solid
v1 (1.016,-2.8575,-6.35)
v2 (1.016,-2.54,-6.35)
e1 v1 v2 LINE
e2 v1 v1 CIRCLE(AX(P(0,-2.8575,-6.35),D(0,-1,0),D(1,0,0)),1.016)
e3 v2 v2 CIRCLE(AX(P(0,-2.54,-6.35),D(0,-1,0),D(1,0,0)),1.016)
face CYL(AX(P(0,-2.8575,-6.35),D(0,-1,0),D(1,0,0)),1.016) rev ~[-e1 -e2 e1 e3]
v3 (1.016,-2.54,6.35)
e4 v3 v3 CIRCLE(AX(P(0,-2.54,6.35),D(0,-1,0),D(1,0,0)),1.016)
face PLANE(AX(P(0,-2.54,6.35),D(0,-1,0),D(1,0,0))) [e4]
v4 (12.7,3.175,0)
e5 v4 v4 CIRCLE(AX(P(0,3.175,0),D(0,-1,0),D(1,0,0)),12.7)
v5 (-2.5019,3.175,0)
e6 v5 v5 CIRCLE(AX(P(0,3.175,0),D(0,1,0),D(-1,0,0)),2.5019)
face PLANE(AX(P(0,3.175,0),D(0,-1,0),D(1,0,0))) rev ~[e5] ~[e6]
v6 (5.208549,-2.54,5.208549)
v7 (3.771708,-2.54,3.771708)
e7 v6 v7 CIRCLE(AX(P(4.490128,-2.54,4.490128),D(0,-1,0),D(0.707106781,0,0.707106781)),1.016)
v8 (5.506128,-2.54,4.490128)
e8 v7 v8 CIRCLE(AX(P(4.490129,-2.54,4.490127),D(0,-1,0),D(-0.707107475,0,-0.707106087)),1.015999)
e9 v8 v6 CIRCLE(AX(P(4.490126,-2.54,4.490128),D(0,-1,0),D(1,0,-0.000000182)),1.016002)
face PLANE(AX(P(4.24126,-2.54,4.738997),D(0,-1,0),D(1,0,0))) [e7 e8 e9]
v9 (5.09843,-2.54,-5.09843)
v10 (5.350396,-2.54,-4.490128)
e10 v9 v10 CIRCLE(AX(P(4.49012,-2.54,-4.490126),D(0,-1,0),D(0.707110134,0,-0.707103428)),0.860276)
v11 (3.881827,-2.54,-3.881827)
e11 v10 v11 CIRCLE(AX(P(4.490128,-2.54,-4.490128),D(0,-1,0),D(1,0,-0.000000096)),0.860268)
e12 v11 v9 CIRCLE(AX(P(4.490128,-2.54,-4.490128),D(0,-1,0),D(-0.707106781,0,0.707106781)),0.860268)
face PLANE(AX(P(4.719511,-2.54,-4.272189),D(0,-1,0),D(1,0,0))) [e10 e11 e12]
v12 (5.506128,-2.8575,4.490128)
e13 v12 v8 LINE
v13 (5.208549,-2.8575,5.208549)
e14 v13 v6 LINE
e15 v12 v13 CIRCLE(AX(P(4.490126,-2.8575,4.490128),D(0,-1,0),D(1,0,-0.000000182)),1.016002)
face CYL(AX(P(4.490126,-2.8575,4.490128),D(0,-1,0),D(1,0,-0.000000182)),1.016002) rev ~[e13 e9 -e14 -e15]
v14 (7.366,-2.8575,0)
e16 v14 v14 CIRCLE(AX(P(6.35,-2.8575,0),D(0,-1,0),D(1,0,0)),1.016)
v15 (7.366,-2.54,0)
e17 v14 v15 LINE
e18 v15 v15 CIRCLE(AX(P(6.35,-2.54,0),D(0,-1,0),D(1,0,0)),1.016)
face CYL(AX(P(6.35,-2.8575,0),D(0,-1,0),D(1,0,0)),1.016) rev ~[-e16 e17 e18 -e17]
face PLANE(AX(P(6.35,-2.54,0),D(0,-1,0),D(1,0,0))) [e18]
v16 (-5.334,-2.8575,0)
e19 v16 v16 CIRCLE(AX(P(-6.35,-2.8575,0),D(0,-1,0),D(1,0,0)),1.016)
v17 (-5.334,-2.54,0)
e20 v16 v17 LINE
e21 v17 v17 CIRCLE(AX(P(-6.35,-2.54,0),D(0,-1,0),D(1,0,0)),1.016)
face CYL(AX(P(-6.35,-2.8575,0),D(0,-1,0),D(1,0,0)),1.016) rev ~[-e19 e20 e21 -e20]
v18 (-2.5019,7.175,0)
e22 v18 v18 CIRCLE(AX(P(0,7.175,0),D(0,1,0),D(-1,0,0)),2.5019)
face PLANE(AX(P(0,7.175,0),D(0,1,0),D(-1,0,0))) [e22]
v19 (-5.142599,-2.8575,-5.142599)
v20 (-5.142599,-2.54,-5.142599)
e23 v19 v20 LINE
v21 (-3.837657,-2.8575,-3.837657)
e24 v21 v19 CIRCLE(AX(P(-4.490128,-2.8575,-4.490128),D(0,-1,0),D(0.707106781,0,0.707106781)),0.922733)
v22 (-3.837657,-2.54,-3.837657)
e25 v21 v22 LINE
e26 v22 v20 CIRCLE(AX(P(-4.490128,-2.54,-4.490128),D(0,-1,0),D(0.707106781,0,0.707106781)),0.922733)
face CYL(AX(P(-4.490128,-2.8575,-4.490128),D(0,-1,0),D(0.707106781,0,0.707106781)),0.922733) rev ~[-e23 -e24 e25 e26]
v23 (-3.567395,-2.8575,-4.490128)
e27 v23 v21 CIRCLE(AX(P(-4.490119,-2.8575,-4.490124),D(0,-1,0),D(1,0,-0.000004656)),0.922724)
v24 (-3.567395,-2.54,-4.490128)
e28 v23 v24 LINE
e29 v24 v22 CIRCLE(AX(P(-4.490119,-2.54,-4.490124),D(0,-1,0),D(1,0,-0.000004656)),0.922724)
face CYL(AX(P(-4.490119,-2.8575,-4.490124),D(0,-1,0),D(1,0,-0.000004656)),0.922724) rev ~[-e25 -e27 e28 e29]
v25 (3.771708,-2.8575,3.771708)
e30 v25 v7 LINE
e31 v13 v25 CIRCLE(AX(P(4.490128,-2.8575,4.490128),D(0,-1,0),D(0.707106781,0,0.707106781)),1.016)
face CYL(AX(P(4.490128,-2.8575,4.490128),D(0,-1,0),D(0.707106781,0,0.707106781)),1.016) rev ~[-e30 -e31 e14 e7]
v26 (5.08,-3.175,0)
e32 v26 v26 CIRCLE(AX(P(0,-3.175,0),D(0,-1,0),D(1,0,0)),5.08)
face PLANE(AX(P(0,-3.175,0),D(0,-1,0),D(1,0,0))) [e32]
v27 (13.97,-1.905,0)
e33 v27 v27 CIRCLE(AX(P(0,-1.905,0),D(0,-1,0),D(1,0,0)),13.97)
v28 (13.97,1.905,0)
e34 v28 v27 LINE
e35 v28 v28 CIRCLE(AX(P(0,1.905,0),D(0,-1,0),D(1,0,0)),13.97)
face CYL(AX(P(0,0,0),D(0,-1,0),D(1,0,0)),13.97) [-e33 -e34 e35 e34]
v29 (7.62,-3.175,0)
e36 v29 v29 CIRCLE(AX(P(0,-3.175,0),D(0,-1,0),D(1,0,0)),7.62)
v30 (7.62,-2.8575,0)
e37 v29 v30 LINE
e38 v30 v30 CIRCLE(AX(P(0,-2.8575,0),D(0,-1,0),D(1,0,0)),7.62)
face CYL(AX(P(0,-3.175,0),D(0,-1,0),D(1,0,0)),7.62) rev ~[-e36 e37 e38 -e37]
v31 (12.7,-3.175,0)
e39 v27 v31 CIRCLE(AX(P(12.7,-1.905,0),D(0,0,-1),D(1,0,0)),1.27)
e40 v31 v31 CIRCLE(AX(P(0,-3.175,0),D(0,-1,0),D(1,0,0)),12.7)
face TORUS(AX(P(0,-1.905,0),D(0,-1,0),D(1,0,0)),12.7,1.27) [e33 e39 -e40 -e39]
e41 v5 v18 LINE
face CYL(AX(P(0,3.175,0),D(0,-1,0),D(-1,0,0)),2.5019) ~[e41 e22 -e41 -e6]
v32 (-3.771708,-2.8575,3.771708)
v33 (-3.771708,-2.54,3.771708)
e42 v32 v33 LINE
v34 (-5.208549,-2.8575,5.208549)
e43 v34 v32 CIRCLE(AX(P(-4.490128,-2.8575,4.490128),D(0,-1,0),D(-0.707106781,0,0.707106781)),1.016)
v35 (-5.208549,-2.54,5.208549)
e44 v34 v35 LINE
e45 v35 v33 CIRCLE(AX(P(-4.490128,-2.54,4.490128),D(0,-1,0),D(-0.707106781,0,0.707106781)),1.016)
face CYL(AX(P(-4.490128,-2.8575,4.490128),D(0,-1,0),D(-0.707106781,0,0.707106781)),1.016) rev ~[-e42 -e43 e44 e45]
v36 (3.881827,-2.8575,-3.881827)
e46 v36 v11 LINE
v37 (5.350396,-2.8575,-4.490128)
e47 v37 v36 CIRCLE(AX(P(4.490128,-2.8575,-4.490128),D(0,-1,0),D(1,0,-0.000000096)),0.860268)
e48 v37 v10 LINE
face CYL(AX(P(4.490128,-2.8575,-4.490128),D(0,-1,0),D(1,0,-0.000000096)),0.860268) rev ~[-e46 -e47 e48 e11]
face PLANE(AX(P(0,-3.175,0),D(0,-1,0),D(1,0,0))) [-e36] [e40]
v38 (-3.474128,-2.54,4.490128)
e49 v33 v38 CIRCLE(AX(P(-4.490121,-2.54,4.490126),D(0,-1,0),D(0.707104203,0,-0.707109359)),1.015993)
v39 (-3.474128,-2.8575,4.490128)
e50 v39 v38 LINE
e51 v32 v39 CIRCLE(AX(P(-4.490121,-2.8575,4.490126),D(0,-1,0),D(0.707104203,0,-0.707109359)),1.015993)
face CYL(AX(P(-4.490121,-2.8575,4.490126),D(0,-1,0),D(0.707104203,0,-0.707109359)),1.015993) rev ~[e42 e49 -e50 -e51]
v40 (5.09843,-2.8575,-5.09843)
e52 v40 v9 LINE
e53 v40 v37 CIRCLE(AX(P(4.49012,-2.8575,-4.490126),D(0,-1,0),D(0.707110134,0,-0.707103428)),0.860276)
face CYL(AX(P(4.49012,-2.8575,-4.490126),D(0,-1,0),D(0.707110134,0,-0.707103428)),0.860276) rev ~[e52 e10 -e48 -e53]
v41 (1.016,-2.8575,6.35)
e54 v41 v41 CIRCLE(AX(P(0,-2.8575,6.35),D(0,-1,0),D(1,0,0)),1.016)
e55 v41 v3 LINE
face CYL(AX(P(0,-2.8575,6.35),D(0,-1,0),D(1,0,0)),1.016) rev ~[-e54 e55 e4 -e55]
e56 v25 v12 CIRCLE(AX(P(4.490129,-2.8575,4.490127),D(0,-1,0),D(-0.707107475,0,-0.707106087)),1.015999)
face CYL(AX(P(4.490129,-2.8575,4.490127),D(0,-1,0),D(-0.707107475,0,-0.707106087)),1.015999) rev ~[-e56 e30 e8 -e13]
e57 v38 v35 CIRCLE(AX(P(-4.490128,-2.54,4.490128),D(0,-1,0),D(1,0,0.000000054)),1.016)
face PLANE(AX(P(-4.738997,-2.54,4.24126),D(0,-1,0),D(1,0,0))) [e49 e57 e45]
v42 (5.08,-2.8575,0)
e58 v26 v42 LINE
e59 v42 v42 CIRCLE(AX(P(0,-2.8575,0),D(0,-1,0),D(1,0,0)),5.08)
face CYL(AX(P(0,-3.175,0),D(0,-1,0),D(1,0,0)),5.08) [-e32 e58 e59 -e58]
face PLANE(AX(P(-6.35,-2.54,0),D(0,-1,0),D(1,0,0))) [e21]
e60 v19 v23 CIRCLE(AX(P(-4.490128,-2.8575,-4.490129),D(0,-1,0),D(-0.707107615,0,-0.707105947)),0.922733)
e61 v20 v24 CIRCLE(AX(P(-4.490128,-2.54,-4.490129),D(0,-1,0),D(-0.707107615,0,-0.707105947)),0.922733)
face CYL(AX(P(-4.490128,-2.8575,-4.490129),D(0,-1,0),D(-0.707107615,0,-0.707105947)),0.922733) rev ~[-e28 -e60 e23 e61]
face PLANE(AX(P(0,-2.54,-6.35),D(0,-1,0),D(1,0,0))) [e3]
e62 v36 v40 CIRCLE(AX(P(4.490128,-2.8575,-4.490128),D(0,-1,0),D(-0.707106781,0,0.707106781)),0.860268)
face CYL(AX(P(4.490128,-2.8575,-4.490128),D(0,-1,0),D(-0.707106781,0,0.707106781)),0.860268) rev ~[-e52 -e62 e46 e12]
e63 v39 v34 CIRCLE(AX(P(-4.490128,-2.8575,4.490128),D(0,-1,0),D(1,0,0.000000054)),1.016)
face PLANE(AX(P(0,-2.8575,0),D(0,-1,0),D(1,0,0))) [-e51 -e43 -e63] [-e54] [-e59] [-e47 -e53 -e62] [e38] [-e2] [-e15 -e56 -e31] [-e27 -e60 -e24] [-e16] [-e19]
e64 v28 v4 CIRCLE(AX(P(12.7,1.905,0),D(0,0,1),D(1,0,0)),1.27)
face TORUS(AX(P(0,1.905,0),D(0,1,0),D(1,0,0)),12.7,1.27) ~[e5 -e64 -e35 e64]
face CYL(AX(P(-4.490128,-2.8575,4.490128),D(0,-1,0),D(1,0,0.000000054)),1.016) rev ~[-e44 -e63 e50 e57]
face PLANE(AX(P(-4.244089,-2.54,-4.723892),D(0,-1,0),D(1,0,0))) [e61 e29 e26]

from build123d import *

# Parameters (mm, degrees)
F0_R     = 13.97
F1_DEPTH = 3.175
F2_R     = 1.27
F3_R     = 7.62
F3_R_2   = 5.08
F4_DEPTH = 0.3175
F5_R     = 2.5019
F6_DEPTH = 4
F7_R     = 1.016
F8_DEPTH = 0.3175


with BuildPart() as f1:
    # F0 (on Front) → F1 (new body, symmetric)
    with BuildSketch(Plane.XZ):
        Circle(F0_R)
    extrude(amount=F1_DEPTH, both=True)

    # F2
    f2_edges = [f1.edges().sort_by_distance(p)[0] for p in [
        (-13.97, -3.175, 0),
        (-13.97, 3.175, 0),
    ]]
    fillet(f2_edges, radius=F2_R)

    # F3 (on face) → F4 (cut)
    with BuildSketch(Plane.XZ.offset(3.175)):
        Circle(F3_R)
        Circle(F3_R_2, mode=Mode.SUBTRACT)
    extrude(amount=-F4_DEPTH, mode=Mode.SUBTRACT)

    # F5 (on face) → F6 (join)
    with BuildSketch(Plane(origin=(0, 3.175, 0), x_dir=(-1, 0, 0), z_dir=(0, 1, 0))):
        Circle(F5_R)
    extrude(amount=F6_DEPTH)

    # F7 (on face) → F8 (cut)
    with BuildSketch(Plane.XZ.offset(2.8575)):
        with Locations((0, 6.35)):
            Circle(F7_R)
        with Locations((0, -6.35)):
            Circle(F7_R)
        with Locations((-6.35, 0)):
            Circle(F7_R)
        with Locations((6.35, 0)):
            Circle(F7_R)
        with BuildLine():
            ThreePointArc((-5.208549, 5.208549), (-5.208549, 3.771708), (-3.771708, 3.771708))
            Line((-3.771708, 3.771708), (-5.208549, 5.208549))
        make_face()
        with BuildLine():
            Line((-5.208549, 5.208549), (-3.771708, 3.771708))
            ThreePointArc((-3.771708, 3.771708), (-3.551466, 4.101322), (-3.474128, 4.490128))
            ThreePointArc((-3.474128, 4.490128), (-4.101322, 5.42879), (-5.208549, 5.208549))
        make_face()
        with BuildLine():
            ThreePointArc((5.350396, -4.490128), (4.819338, -3.695344), (3.881827, -3.881827))
            Line((3.881827, -3.881827), (5.09843, -5.09843))
            ThreePointArc((5.09843, -5.09843), (5.284912, -4.819338), (5.350396, -4.490128))
        make_face()
        with BuildLine():
            Line((5.09843, -5.09843), (3.881827, -3.881827))
            ThreePointArc((3.881827, -3.881827), (3.881827, -5.09843), (5.09843, -5.09843))
        make_face()
        with BuildLine():
            ThreePointArc((-3.567395, -4.490128), (-3.637633, -4.137013), (-3.837657, -3.837657))
            Line((-3.837657, -3.837657), (-5.142599, -5.142599))
            ThreePointArc((-5.142599, -5.142599), (-4.137013, -5.342623), (-3.567395, -4.490128))
        make_face()
        with BuildLine():
            Line((-5.142599, -5.142599), (-3.837657, -3.837657))
            ThreePointArc((-3.837657, -3.837657), (-5.142599, -3.837657), (-5.142599, -5.142599))
        make_face()
        with BuildLine():
            ThreePointArc((5.208549, 5.208549), (3.771708, 5.208549), (3.771708, 3.771708))
            Line((3.771708, 3.771708), (5.208549, 5.208549))
        make_face()
        with BuildLine():
            Line((5.208549, 5.208549), (3.771708, 3.771708))
            ThreePointArc((3.771708, 3.771708), (4.878934, 3.551466), (5.506128, 4.490128))
            ThreePointArc((5.506128, 4.490128), (5.42879, 4.878934), (5.208549, 5.208549))
        make_face()
    extrude(amount=-F8_DEPTH, mode=Mode.SUBTRACT)


solid = f1.part
